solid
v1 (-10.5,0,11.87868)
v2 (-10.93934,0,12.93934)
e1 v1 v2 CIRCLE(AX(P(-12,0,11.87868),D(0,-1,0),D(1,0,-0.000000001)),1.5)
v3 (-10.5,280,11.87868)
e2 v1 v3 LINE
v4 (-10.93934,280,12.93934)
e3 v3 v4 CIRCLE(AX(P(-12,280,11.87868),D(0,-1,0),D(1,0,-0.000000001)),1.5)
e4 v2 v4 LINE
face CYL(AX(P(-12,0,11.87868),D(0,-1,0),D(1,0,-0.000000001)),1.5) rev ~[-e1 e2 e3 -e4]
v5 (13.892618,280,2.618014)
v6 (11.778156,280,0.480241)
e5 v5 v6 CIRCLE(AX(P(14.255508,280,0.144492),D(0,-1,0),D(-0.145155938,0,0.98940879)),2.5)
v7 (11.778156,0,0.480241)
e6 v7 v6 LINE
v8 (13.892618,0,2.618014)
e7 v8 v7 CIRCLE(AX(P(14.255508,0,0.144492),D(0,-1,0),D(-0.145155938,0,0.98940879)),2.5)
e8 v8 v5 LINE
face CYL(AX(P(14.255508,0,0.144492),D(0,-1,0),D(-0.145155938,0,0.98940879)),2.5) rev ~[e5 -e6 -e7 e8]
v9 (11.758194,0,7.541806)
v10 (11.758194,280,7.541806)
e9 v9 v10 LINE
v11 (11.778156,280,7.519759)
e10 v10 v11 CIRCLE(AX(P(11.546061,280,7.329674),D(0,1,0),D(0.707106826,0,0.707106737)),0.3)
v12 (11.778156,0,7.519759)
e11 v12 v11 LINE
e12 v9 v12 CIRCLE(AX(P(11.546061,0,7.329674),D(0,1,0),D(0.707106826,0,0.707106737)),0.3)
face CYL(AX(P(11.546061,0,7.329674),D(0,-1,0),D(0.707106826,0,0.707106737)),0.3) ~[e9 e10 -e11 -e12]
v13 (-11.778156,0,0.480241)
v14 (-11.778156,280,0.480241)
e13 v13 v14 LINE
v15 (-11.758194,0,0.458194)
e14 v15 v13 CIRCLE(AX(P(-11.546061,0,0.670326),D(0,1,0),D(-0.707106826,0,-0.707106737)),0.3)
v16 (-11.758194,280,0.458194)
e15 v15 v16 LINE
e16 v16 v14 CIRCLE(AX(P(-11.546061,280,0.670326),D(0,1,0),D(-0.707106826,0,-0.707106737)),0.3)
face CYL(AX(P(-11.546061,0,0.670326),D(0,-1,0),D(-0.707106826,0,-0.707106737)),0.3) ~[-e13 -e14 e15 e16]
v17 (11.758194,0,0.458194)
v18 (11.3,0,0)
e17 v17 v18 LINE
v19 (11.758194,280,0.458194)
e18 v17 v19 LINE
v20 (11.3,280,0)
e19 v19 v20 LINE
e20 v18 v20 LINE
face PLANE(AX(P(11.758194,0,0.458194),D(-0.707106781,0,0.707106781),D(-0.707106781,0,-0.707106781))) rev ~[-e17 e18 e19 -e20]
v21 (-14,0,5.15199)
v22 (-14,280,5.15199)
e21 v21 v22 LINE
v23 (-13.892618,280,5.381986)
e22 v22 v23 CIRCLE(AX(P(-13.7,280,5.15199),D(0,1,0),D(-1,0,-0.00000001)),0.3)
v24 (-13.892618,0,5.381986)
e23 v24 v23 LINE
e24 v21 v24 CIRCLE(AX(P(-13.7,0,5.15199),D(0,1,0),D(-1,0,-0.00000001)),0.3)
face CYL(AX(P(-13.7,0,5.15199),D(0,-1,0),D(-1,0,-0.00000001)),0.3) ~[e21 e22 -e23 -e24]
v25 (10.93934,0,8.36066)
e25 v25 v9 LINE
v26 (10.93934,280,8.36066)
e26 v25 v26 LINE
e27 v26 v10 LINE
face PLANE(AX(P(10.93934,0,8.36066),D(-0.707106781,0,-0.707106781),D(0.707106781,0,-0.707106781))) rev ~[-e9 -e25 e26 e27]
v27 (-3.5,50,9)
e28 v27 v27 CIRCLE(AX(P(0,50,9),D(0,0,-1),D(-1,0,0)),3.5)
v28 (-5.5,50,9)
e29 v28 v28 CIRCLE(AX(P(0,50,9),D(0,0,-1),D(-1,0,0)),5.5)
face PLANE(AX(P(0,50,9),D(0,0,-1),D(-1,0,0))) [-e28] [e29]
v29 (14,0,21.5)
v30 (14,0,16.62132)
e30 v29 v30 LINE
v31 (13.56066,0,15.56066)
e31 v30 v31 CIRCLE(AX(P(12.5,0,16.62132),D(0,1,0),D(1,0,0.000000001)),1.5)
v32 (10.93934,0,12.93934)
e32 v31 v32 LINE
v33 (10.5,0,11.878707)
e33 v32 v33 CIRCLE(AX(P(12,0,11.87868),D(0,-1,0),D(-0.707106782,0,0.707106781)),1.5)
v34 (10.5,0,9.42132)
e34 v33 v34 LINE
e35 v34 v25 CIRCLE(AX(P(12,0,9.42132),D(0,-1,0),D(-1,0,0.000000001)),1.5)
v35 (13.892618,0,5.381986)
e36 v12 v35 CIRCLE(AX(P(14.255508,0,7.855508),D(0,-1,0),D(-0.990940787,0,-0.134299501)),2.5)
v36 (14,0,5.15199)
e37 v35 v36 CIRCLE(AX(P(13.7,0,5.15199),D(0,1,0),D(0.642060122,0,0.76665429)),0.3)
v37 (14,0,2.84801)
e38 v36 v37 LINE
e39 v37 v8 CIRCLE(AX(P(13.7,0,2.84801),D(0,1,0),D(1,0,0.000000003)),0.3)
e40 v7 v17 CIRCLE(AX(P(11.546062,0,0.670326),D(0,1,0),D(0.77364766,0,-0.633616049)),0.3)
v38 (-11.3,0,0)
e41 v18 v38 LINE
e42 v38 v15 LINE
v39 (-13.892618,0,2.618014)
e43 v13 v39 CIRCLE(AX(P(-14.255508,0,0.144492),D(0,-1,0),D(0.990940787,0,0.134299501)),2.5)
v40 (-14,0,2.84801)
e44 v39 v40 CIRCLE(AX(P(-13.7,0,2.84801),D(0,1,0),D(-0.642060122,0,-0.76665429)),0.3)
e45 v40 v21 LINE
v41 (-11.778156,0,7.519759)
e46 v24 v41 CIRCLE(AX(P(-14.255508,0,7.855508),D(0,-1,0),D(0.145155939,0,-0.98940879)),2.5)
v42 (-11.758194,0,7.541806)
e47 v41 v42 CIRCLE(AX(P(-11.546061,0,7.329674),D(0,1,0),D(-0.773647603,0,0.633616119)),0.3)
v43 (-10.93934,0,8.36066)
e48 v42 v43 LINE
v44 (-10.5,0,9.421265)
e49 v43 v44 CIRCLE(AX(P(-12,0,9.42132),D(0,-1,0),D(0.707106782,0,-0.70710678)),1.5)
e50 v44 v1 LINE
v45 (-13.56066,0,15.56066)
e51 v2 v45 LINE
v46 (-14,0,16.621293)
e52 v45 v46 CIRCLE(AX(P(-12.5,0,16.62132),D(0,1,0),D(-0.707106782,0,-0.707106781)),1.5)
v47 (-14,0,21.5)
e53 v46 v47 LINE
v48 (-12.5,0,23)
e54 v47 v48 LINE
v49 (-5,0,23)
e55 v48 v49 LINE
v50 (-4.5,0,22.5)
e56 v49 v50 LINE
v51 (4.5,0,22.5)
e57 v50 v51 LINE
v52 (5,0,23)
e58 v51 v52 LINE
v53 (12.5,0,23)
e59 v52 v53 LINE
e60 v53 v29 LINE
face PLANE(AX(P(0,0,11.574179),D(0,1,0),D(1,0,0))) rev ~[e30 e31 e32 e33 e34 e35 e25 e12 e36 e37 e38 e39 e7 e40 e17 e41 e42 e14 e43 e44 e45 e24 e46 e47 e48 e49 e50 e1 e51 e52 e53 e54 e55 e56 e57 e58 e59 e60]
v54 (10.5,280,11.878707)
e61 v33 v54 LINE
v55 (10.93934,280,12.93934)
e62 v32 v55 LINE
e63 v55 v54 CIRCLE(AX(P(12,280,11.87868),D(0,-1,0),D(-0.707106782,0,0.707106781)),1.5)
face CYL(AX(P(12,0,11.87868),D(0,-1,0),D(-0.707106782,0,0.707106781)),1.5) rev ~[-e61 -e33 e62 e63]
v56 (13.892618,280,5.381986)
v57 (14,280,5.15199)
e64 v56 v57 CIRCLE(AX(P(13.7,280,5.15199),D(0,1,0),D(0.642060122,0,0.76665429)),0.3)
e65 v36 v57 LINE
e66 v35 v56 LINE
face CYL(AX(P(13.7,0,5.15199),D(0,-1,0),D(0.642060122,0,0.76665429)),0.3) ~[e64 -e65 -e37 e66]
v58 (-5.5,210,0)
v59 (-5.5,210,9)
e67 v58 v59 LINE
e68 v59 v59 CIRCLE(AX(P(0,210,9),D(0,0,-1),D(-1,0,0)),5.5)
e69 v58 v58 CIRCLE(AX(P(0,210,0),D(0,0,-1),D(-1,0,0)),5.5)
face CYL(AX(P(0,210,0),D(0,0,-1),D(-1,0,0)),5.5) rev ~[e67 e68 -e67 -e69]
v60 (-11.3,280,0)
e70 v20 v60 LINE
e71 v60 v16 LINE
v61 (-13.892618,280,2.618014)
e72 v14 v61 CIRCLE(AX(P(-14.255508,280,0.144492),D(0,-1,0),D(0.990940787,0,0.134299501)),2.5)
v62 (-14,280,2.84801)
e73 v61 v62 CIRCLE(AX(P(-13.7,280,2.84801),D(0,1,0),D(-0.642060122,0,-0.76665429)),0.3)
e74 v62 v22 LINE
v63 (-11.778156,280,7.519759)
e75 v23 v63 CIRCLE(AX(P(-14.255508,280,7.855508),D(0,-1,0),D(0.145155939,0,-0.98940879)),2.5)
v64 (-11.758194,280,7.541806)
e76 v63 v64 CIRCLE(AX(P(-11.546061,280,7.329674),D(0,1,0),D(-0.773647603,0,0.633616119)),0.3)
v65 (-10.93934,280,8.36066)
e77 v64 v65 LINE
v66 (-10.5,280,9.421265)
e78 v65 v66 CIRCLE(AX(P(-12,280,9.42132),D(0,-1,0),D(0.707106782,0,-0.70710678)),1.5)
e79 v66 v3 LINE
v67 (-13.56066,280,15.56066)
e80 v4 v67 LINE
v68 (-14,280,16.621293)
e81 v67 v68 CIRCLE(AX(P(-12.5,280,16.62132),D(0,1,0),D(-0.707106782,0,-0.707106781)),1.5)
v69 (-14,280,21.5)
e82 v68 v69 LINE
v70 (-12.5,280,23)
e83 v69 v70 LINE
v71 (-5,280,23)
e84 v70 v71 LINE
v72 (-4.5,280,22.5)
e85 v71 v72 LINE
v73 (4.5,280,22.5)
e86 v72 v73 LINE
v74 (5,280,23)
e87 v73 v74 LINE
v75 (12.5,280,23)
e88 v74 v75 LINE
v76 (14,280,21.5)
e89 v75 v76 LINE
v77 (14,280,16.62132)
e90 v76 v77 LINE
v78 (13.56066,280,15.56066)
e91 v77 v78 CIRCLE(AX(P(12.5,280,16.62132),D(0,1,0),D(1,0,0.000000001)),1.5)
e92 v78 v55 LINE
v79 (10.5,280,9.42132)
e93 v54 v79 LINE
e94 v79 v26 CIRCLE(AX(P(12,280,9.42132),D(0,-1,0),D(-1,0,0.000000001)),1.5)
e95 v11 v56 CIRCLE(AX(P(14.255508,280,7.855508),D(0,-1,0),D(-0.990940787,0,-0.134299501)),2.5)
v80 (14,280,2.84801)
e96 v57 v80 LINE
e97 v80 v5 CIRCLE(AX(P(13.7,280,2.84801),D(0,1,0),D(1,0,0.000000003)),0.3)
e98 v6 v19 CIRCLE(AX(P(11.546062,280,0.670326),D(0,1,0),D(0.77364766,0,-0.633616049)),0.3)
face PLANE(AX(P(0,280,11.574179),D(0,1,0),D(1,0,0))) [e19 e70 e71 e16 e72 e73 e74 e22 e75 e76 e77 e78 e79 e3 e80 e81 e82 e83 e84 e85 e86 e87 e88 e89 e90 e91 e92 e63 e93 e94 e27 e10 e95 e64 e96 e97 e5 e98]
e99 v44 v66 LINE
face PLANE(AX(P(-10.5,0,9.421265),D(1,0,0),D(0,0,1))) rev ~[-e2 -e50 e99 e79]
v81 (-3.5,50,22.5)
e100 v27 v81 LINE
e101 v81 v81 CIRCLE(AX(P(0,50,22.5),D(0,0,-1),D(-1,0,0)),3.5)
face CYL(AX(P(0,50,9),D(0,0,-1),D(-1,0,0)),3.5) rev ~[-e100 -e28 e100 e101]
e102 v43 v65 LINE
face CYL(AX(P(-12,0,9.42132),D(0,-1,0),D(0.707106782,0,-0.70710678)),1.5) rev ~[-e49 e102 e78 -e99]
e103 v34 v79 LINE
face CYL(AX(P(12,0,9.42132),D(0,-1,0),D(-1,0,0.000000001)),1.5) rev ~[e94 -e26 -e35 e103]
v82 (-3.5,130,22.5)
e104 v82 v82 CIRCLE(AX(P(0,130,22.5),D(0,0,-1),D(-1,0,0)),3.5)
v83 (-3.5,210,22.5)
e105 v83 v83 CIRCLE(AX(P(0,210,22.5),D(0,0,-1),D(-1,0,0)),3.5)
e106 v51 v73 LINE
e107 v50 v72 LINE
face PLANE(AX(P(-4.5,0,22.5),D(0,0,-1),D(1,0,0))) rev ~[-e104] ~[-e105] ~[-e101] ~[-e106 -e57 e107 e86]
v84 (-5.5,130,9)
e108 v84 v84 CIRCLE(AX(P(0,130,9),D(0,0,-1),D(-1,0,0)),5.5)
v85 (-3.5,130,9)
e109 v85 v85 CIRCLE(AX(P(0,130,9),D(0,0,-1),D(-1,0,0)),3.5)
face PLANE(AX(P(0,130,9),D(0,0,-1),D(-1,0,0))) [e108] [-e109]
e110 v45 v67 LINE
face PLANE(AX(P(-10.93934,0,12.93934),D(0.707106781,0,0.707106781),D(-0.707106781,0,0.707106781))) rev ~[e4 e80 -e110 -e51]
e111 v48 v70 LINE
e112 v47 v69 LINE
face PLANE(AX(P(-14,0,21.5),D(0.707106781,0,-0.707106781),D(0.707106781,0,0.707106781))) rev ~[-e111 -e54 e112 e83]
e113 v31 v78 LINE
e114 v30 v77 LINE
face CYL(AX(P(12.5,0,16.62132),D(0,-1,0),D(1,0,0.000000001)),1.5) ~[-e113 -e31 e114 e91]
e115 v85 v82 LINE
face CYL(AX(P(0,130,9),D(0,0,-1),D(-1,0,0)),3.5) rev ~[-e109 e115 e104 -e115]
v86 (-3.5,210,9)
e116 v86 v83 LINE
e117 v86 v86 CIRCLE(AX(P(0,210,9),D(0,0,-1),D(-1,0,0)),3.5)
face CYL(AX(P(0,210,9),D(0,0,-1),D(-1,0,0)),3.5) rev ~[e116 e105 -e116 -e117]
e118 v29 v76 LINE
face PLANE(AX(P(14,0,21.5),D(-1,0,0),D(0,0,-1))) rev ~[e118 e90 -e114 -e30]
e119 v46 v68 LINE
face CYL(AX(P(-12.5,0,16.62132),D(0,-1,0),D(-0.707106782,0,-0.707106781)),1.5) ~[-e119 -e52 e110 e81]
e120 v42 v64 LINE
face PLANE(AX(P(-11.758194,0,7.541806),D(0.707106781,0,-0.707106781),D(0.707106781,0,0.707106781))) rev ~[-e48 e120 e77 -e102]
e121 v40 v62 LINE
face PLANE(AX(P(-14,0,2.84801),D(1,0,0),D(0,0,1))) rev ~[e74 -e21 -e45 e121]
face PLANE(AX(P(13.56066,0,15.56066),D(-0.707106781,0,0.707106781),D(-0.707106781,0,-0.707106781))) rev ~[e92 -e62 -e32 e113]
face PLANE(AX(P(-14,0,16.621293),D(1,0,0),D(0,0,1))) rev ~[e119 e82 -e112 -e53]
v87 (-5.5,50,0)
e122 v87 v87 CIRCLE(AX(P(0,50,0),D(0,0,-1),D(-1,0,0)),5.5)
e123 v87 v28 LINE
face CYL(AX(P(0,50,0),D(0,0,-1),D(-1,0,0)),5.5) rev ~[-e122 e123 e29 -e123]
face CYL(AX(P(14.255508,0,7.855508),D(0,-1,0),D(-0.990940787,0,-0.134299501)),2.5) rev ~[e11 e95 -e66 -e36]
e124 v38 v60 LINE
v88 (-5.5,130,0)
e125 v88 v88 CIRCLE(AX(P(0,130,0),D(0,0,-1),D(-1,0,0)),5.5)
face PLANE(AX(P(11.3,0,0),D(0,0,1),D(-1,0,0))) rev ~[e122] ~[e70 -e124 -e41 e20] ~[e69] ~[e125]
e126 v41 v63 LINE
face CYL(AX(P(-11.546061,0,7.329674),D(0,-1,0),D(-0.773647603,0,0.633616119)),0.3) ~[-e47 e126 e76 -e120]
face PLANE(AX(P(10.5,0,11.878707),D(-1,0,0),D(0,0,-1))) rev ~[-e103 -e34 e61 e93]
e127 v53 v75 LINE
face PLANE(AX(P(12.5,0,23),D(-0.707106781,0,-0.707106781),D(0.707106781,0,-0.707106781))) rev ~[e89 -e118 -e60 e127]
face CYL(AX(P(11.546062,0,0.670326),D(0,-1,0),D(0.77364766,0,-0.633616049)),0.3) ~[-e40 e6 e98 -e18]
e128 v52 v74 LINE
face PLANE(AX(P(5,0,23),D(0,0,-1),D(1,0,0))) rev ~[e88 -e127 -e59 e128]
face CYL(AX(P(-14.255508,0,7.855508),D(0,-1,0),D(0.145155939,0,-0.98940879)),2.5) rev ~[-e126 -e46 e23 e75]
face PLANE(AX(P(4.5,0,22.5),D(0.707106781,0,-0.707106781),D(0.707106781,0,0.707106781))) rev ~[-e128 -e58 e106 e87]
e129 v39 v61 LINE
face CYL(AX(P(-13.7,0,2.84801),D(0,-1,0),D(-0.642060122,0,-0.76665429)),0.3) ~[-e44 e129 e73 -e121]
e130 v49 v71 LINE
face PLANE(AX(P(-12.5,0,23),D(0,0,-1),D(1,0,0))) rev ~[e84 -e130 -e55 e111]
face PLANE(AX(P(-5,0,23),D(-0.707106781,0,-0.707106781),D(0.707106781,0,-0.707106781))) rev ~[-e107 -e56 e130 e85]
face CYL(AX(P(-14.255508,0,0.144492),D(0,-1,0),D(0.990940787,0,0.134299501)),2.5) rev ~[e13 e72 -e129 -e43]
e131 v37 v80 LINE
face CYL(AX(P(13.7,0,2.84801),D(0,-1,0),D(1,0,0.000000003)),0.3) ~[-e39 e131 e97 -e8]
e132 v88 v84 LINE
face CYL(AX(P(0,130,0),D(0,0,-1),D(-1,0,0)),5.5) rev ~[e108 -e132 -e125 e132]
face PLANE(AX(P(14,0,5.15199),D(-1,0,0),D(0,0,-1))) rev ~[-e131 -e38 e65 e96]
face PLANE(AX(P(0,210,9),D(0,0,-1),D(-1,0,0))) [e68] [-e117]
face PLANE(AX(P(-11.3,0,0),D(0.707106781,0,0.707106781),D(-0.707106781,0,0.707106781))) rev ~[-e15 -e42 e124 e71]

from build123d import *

# Parameters (mm, degrees)
EXTRUDE_1_DEPTH        = 280
SKETCH_2_R             = 5.5
CUT_EXTRUDE_1_DEPTH    = 9
SKETCH_3_R             = 3.5
CUT_EXTRUDE_2_DEPTH    = 281.699127181
PATTERN_LINEAR_1_COUNT = 4
PATTERN_LINEAR_1_PITCH = 80


with BuildPart() as part:
    # 草图1 → 凸台-拉伸1 (new body)
    with BuildSketch(Plane(origin=(0, 0, 0), x_dir=(1, 0, 0), z_dir=(0, 1, 0))):
        with BuildLine():
            Line((11.758193654, -0.458193653), (11.300000001, 0))
            Line((11.300000001, 0), (-11.299999999, 0))
            Line((-11.299999999, 0), (-11.758193652, -0.458193653))
            ThreePointArc((-11.758193652, -0.458193653), (-11.768448168, -0.468969729), (-11.778155913, -0.480240869))
            ThreePointArc((-11.778155913, -0.480240869), (-12.478076595, -1.902541611), (-13.892618036, -2.618014092))
            ThreePointArc((-13.892618036, -2.618014092), (-13.971832127, -2.721095863), (-13.999999999, -2.848010379))
            Line((-13.999999999, -2.848010379), (-13.999999999, -5.15198962))
            ThreePointArc((-13.999999999, -5.15198962), (-13.971832127, -5.278904137), (-13.892618036, -5.381985907))
            ThreePointArc((-13.892618036, -5.381985907), (-12.478076595, -6.097458389), (-11.778155913, -7.519759131))
            ThreePointArc((-11.778155913, -7.519759131), (-11.768448168, -7.531030271), (-11.758193652, -7.541806347))
            Line((-11.758193652, -7.541806347), (-10.939339827, -8.360660172))
            ThreePointArc((-10.939339827, -8.360660172), (-10.614191318, -8.847269563), (-10.5, -9.421264856))
            Line((-10.5, -9.421264856), (-10.5, -11.878679656))
            ThreePointArc((-10.5, -11.878679656), (-10.614180701, -12.452704805), (-10.939339828, -12.939339828))
            Line((-10.939339828, -12.939339828), (-13.560660172, -15.560660172))
            ThreePointArc((-13.560660172, -15.560660172), (-13.88581399, -16.047282379), (-14, -16.6212926))
            Line((-14, -16.6212926), (-14, -21.5))
            Line((-14, -21.5), (-12.5, -23))
            Line((-12.5, -23), (-5, -23))
            Line((-5, -23), (-4.5, -22.5))
            Line((-4.5, -22.5), (4.5, -22.5))
            Line((4.5, -22.5), (5, -23))
            Line((5, -23), (12.5, -23))
            Line((12.5, -23), (14, -21.5))
            Line((14, -21.5), (14, -16.621320344))
            ThreePointArc((14, -16.621320344), (13.885819299, -16.047295195), (13.560660172, -15.560660172))
            Line((13.560660172, -15.560660172), (10.939339828, -12.939339828))
            ThreePointArc((10.939339828, -12.939339828), (10.61418601, -12.452717621), (10.5, -11.8787074))
            Line((10.5, -11.8787074), (10.5, -9.421320344))
            ThreePointArc((10.5, -9.421320344), (10.614180701, -8.847295195), (10.939339828, -8.360660172))
            Line((10.939339828, -8.360660172), (11.758193653, -7.541806347))
            ThreePointArc((11.758193653, -7.541806347), (11.768448169, -7.531030271), (11.778155914, -7.519759131))
            ThreePointArc((11.778155914, -7.519759131), (12.478076596, -6.097458389), (13.892618037, -5.381985908))
            ThreePointArc((13.892618037, -5.381985908), (13.971832128, -5.278904137), (14, -5.15198962))
            Line((14, -5.15198962), (14, -2.848010379))
            ThreePointArc((14, -2.848010379), (13.971832128, -2.721095863), (13.892618037, -2.618014092))
            ThreePointArc((13.892618037, -2.618014092), (12.478076596, -1.902541611), (11.778155915, -0.480240869))
            ThreePointArc((11.778155915, -0.480240869), (11.76844817, -0.468969728), (11.758193654, -0.458193653))
        make_face()
    extrude(amount=EXTRUDE_1_DEPTH)

    # 草图2 → 切除-拉伸1 (cut)
    with BuildSketch(Plane(origin=(0, 0, 0), x_dir=(-1, 0, 0), z_dir=(0, 0, -1))):
        with Locations((0, 50)):
            Circle(SKETCH_2_R)
    cut_extrude_1 = extrude(amount=-CUT_EXTRUDE_1_DEPTH, mode=Mode.SUBTRACT)

    # 草图3 → 切除-拉伸2 (cut, through all)
    with BuildSketch(Plane(origin=(0, 0, 9), x_dir=(-1, 0, 0), z_dir=(0, 0, -1))):
        with Locations((0, 50)):
            Circle(SKETCH_3_R)
    cut_extrude_2 = extrude(amount=-CUT_EXTRUDE_2_DEPTH, mode=Mode.SUBTRACT)

    # 阵列(线性)1: 切除-拉伸1, 切除-拉伸2 ×4
    with Locations(*[(0, i * PATTERN_LINEAR_1_PITCH, 0) for i in range(1, PATTERN_LINEAR_1_COUNT)]):
        add(cut_extrude_1, mode=Mode.SUBTRACT)
        add(cut_extrude_2, mode=Mode.SUBTRACT)


solid = part.part
